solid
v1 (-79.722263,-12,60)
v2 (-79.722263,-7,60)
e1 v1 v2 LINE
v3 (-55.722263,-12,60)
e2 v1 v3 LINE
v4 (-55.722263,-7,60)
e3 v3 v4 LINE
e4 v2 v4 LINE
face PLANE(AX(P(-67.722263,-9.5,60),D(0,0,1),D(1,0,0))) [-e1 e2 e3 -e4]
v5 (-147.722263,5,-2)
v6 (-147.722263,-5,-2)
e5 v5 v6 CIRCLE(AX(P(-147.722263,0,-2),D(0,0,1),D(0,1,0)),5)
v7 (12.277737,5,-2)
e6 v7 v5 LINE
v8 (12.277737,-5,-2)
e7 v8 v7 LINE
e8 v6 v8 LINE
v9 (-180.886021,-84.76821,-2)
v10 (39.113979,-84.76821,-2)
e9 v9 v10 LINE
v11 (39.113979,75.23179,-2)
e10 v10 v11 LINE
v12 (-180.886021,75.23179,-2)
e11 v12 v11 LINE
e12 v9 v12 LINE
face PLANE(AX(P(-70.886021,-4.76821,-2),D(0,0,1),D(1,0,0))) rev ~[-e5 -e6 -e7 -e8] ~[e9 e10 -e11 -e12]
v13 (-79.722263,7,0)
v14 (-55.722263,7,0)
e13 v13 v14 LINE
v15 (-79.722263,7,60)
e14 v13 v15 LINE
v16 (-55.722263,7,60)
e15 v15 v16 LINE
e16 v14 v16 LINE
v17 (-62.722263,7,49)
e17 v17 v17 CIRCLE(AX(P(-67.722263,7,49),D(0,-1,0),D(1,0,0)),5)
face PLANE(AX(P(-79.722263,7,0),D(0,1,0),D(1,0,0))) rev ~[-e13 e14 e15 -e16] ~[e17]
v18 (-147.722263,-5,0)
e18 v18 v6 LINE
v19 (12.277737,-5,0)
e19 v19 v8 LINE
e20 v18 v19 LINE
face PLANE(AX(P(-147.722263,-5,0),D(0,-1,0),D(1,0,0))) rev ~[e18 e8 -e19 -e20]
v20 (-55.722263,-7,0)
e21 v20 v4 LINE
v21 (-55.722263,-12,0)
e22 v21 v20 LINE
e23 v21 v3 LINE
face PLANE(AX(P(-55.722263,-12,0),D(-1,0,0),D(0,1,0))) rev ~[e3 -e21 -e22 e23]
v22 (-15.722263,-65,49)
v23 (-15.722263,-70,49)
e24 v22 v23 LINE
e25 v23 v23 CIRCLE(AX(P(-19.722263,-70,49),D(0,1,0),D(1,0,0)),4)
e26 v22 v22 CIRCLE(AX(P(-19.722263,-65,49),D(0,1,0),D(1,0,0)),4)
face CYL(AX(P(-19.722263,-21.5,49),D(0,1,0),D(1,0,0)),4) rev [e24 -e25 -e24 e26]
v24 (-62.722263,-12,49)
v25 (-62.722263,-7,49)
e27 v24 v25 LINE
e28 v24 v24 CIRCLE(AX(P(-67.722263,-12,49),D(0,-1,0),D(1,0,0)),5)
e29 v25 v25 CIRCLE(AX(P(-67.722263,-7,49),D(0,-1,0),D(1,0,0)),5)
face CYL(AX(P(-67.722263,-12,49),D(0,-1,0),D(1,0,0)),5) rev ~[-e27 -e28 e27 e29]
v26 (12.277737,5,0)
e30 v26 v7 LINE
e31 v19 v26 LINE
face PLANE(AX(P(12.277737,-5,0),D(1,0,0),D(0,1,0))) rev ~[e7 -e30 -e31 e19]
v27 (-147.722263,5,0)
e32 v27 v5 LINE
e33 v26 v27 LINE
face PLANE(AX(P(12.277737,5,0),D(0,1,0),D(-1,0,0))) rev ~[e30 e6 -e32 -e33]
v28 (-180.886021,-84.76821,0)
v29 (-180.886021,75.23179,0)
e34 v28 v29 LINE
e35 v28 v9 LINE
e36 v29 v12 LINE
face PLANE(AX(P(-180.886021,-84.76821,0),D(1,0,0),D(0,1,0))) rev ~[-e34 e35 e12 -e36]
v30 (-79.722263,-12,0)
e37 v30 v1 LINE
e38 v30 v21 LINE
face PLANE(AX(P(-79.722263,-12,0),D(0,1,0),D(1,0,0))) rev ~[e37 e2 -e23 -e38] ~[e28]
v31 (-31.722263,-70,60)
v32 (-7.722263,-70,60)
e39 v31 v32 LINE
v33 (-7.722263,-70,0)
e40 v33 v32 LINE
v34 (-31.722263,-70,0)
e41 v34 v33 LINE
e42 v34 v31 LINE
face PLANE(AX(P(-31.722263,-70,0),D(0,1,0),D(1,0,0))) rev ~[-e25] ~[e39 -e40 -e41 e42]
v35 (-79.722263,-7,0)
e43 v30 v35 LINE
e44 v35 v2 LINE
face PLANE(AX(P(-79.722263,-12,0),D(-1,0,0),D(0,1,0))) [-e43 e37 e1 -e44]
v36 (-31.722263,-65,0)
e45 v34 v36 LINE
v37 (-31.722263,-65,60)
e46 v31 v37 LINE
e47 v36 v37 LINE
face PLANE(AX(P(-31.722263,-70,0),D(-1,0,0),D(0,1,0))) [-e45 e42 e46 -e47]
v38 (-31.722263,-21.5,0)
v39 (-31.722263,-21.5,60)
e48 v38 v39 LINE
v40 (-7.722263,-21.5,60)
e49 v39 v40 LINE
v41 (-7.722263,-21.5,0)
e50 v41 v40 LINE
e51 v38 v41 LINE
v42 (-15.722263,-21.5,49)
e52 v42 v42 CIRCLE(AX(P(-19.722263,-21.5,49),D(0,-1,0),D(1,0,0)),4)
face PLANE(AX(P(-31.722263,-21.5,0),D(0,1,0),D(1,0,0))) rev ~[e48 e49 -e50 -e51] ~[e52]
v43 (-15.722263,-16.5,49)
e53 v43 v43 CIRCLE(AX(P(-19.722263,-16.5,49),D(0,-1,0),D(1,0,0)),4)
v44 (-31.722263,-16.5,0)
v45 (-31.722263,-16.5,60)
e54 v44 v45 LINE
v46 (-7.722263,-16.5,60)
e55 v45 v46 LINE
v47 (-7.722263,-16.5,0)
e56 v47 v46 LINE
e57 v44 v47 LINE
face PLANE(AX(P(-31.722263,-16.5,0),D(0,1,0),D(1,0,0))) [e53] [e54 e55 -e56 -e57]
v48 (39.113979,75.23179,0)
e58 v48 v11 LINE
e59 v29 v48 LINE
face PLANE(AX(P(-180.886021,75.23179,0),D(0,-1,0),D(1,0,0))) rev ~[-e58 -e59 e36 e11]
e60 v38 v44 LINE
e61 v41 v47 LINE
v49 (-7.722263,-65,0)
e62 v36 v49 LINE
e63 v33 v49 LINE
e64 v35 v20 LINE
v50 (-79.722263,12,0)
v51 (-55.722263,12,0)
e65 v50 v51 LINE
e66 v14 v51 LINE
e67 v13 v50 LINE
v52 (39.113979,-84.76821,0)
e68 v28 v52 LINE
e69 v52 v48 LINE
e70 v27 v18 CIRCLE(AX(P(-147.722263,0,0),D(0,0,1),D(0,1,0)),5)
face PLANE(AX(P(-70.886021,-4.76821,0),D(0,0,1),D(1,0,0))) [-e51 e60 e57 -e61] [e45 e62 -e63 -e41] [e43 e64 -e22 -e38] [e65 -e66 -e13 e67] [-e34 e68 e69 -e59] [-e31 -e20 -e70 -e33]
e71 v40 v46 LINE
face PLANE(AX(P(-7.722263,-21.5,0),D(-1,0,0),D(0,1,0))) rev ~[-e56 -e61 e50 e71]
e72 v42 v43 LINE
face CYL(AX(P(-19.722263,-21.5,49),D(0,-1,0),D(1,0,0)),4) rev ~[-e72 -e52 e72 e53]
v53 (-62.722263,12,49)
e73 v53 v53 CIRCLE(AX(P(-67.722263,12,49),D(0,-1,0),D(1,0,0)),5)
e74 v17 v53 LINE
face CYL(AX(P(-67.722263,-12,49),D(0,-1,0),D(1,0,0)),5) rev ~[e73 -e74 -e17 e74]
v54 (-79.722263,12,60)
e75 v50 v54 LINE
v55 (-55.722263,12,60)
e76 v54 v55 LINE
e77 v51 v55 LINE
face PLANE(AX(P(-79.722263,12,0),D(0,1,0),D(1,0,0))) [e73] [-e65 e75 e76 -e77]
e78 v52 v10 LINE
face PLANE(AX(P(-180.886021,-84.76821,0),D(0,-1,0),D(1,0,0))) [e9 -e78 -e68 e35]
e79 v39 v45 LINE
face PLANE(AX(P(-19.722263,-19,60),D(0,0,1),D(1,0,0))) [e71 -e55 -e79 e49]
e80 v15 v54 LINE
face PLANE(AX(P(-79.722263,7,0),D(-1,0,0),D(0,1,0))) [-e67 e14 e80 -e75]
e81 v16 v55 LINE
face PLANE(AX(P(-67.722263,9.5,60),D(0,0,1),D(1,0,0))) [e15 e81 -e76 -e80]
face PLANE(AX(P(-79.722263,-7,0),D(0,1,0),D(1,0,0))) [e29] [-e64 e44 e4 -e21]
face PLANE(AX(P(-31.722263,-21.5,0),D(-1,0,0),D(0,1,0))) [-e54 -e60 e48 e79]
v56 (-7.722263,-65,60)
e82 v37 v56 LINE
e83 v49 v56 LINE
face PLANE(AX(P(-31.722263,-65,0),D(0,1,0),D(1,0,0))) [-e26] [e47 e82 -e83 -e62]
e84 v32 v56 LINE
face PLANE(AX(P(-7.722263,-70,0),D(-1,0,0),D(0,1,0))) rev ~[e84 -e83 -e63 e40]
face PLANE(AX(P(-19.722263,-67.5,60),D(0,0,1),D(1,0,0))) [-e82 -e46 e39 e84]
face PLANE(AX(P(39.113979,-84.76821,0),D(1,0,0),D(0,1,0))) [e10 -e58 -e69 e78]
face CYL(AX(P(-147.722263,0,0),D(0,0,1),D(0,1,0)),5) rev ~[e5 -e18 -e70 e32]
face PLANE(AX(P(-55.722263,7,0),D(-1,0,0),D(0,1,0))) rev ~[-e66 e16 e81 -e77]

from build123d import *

# Parameters (mm, degrees)
F0_W      = 220
F0_H      = 160
F1_DEPTH  = 2
F3_DEPTH  = 25
F4_W      = 24
F4_H      = 5
F5_DEPTH  = 60
F6_R      = 5
F7_DEPTH  = 25
F8_W      = 24
F8_H      = 5
F9_DEPTH  = 60
F10_R     = 4
F11_DEPTH = 25
F12_DEPTH = 100


with BuildPart() as f1:
    # F0 (on Top) → F1 (new body)
    with BuildSketch(Plane.XY):
        with Locations((-70.886021, -4.76821)):
            Rectangle(F0_W, F0_H)
    extrude(amount=-F1_DEPTH)

    # F2 (on face) → F3 (cut)
    with BuildSketch(Plane.XY):
        with BuildLine():
            Line((12.277737, -5), (12.277737, 5))
            Line((12.277737, 5), (-147.722263, 5))
            ThreePointArc((-147.722263, 5), (-152.722263, 0), (-147.722263, -5))
            Line((-147.722263, -5), (12.277737, -5))
        make_face()
    extrude(amount=-F3_DEPTH, mode=Mode.SUBTRACT)

    # F4 (on face) → F5 (join)
    with BuildSketch(Plane.XY):
        with Locations((-67.722263, -9.5)):
            Rectangle(F4_W, F4_H)
        with Locations((-67.722263, 9.5)):
            Rectangle(F4_W, F4_H)
    extrude(amount=F5_DEPTH)

    # F6 (on face) → F7 (cut)
    with BuildSketch(Plane.XZ.offset(12)):
        with Locations((-67.722263, 49)):
            Circle(F6_R)
    extrude(amount=-F7_DEPTH, mode=Mode.SUBTRACT)

    # F8 (on face) → F9 (join)
    with BuildSketch(Plane.XY):
        with Locations((-19.722263, -19)):
            Rectangle(F8_W, F8_H)
        with Locations((-19.722263, -67.5)):
            Rectangle(F8_W, F8_H)
    extrude(amount=F9_DEPTH)

    # F10 (on face) → F11 (cut)
    with BuildSketch(Plane.XZ.offset(21.5)):
        with Locations((-19.722263, 49)):
            Circle(F10_R)
    extrude(amount=-F11_DEPTH, mode=Mode.SUBTRACT)

    # F10 (on face) → F12 (cut)
    with BuildSketch(Plane.XZ.offset(21.5)):
        with Locations((-19.722263, 49)):
            Circle(F10_R)
    extrude(amount=F12_DEPTH, mode=Mode.SUBTRACT)


solid = f1.part
